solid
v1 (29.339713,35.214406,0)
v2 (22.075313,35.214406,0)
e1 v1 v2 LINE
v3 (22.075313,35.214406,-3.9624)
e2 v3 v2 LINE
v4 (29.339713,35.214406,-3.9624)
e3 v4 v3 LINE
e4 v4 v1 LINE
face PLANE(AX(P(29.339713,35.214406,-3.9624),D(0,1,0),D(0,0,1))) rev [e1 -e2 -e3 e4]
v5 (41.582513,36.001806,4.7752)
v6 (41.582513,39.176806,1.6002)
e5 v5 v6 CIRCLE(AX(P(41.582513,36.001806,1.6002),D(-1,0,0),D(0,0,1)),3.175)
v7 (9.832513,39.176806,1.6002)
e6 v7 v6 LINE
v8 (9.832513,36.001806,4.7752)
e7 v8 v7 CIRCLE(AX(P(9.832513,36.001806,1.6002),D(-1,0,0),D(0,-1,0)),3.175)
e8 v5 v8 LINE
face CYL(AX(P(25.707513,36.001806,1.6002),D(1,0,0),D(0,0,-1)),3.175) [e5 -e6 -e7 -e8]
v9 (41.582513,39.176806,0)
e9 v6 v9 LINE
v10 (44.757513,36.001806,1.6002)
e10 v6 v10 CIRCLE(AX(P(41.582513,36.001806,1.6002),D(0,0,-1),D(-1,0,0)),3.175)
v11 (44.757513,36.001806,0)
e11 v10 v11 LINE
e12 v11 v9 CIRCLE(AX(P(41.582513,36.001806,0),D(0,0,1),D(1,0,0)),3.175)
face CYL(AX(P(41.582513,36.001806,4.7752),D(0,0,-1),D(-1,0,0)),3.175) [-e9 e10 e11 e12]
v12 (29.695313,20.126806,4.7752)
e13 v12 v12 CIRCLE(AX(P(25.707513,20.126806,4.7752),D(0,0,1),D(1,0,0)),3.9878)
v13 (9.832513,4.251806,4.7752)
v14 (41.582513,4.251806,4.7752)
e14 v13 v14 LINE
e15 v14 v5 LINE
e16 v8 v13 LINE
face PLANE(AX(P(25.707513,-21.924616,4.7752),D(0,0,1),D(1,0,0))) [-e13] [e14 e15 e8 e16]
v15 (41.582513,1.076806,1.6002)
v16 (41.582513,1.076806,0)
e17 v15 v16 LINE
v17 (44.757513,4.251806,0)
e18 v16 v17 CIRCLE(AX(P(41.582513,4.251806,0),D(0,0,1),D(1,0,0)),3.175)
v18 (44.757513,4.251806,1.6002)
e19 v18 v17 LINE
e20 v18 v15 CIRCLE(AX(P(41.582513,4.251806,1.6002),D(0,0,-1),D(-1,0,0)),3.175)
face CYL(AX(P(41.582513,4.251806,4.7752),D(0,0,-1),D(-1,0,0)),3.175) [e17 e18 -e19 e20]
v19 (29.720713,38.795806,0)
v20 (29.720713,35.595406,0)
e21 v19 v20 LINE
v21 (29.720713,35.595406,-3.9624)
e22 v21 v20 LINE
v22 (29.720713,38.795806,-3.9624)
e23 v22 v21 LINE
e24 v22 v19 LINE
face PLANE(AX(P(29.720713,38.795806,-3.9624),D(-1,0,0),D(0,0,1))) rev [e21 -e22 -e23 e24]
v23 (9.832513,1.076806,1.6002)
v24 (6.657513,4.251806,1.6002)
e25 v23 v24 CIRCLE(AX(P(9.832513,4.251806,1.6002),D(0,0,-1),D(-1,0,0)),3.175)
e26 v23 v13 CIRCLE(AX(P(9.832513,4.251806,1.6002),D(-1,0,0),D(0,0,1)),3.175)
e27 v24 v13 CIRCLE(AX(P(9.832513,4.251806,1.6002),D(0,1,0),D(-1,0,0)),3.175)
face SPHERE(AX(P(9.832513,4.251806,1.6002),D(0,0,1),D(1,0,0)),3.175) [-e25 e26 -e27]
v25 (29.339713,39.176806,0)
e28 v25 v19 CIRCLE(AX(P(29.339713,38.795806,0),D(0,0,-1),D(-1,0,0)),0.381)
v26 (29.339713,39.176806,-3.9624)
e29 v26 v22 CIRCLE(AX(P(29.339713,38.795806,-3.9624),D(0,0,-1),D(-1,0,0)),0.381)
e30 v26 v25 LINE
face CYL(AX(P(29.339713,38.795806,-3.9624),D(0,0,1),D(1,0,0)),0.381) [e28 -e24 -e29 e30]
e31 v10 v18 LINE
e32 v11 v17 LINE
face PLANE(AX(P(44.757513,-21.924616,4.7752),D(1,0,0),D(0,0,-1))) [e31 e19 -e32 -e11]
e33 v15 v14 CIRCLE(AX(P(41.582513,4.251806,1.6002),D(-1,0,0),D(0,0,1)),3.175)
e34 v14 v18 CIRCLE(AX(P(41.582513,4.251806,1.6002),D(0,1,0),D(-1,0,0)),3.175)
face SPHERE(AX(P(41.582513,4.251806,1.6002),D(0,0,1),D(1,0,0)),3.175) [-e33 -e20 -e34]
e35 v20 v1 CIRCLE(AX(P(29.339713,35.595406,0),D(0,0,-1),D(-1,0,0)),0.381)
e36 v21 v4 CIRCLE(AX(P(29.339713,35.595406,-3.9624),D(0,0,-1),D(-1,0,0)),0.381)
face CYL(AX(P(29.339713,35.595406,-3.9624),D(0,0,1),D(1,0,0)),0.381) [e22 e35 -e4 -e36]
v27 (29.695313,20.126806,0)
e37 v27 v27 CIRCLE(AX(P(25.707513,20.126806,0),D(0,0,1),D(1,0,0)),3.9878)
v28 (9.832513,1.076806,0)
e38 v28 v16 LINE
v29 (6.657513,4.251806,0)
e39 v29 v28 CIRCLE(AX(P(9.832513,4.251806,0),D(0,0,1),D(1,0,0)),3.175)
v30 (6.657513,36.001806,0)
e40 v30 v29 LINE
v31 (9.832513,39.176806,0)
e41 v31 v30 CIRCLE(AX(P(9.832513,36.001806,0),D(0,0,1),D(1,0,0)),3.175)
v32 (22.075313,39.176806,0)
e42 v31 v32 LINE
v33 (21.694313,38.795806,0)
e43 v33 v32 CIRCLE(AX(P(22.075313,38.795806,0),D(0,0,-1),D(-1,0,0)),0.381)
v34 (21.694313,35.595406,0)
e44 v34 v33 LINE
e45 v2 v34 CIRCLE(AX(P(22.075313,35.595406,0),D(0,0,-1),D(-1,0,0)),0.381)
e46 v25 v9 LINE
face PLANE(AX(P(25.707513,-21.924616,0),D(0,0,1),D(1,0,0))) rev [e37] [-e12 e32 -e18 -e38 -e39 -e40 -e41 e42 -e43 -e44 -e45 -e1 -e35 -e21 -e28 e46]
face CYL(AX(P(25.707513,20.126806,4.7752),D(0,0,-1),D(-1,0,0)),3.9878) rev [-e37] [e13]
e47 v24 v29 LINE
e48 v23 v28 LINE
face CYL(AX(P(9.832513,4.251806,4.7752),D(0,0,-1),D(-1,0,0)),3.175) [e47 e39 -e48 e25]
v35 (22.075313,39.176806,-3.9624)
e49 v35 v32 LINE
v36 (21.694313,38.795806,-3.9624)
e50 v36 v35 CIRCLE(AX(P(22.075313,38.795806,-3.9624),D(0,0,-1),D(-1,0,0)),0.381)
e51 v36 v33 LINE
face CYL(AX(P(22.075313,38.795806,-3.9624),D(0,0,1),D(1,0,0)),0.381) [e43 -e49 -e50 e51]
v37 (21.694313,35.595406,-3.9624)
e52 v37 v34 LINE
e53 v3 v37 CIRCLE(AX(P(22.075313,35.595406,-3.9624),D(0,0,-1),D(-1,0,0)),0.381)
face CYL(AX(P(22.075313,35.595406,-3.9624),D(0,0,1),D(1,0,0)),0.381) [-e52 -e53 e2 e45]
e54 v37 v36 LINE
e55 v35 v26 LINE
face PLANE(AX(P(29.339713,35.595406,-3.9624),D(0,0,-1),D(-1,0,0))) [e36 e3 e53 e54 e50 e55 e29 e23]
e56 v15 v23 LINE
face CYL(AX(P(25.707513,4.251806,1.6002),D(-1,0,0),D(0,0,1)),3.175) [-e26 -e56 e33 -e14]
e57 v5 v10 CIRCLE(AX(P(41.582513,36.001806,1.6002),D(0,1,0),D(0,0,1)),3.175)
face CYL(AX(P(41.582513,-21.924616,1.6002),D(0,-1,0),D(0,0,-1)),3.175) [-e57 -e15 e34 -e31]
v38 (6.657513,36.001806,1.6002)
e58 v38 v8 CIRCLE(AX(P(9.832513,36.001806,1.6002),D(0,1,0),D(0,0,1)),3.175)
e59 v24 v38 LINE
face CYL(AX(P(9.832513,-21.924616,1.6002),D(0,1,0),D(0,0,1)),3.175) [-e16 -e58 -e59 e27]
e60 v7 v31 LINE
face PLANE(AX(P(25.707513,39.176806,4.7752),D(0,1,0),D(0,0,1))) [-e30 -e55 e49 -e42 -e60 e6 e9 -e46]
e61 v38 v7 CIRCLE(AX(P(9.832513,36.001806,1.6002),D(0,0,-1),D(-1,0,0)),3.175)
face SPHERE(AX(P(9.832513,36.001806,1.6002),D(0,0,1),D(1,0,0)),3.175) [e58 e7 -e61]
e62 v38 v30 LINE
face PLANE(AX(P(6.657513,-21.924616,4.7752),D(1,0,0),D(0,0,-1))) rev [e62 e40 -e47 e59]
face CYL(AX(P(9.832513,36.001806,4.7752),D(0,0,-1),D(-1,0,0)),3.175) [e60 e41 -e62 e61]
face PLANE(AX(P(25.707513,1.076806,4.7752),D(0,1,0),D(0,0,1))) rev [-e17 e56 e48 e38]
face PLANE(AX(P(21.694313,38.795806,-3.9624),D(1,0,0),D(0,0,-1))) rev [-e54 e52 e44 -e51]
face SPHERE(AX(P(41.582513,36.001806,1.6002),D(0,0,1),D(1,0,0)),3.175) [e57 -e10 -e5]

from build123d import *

# Parameters (mm, degrees)
SKETCH1_R      = 3.9878
EXTRUDE1_DEPTH = 4.7752
FILLET1_R      = 3.175
EXTRUDE2_DEPTH = 3.9624


with BuildPart() as part:
    # Sketch1 → Extrude1 (new body)
    with BuildSketch(Plane.XY):
        with BuildLine():
            Line((9.832512944, 1.076805598), (41.582512944, 1.076805598))
            ThreePointArc((41.582512944, 1.076805598), (43.827576974, 2.006741568), (44.757512944, 4.251805598))
            Line((44.757512944, 4.251805598), (44.757512944, 36.001805598))
            ThreePointArc((44.757512944, 36.001805598), (43.827576974, 38.246869628), (41.582512944, 39.176805598))
            Line((41.582512944, 39.176805598), (9.832512944, 39.176805598))
            ThreePointArc((9.832512944, 39.176805598), (7.587448914, 38.246869628), (6.657512944, 36.001805598))
            Line((6.657512944, 36.001805598), (6.657512944, 4.251805598))
            ThreePointArc((6.657512944, 4.251805598), (7.587448914, 2.006741568), (9.832512944, 1.076805598))
        make_face()
        with Locations((25.707512944, 20.126805598)):
            Circle(SKETCH1_R, mode=Mode.SUBTRACT)
    extrude(amount=EXTRUDE1_DEPTH)

    # Fillet1
    fillet1_edges = [part.edges().sort_by_distance(p)[0] for p in [
        (25.707512944, 1.076805598, 4.7752),
        (43.827576974, 2.006741568, 4.7752),
        (44.757512944, 20.126805598, 4.7752),
        (43.827576974, 38.246869628, 4.7752),
        (25.707512944, 39.176805598, 4.7752),
        (7.587448914, 38.246869628, 4.7752),
        (6.657512944, 20.126805598, 4.7752),
        (7.587448914, 2.006741568, 4.7752),
    ]]
    fillet(fillet1_edges, radius=FILLET1_R)

    # Sketch2 → Extrude2 (add)
    with BuildSketch(Plane(origin=(0, 0, 0), x_dir=(-1, 0, 0), z_dir=(0, 0, -1))):
        with BuildLine():
            Line((-29.339712944, 35.214405598), (-22.075312944, 35.214405598))
            ThreePointArc((-22.075312944, 35.214405598), (-21.80590526, 35.325997914), (-21.694312944, 35.595405598))
            Line((-21.694312944, 35.595405598), (-21.694312944, 38.795805598))
            ThreePointArc((-21.694312944, 38.795805598), (-21.80590526, 39.065213281), (-22.075312944, 39.176805598))
            Line((-22.075312944, 39.176805598), (-29.339712944, 39.176805598))
            ThreePointArc((-29.339712944, 39.176805598), (-29.609120627, 39.065213281), (-29.720712944, 38.795805598))
            Line((-29.720712944, 38.795805598), (-29.720712944, 35.595405598))
            ThreePointArc((-29.720712944, 35.595405598), (-29.609120627, 35.325997914), (-29.339712944, 35.214405598))
        make_face()
    extrude(amount=EXTRUDE2_DEPTH)


solid = part.part
